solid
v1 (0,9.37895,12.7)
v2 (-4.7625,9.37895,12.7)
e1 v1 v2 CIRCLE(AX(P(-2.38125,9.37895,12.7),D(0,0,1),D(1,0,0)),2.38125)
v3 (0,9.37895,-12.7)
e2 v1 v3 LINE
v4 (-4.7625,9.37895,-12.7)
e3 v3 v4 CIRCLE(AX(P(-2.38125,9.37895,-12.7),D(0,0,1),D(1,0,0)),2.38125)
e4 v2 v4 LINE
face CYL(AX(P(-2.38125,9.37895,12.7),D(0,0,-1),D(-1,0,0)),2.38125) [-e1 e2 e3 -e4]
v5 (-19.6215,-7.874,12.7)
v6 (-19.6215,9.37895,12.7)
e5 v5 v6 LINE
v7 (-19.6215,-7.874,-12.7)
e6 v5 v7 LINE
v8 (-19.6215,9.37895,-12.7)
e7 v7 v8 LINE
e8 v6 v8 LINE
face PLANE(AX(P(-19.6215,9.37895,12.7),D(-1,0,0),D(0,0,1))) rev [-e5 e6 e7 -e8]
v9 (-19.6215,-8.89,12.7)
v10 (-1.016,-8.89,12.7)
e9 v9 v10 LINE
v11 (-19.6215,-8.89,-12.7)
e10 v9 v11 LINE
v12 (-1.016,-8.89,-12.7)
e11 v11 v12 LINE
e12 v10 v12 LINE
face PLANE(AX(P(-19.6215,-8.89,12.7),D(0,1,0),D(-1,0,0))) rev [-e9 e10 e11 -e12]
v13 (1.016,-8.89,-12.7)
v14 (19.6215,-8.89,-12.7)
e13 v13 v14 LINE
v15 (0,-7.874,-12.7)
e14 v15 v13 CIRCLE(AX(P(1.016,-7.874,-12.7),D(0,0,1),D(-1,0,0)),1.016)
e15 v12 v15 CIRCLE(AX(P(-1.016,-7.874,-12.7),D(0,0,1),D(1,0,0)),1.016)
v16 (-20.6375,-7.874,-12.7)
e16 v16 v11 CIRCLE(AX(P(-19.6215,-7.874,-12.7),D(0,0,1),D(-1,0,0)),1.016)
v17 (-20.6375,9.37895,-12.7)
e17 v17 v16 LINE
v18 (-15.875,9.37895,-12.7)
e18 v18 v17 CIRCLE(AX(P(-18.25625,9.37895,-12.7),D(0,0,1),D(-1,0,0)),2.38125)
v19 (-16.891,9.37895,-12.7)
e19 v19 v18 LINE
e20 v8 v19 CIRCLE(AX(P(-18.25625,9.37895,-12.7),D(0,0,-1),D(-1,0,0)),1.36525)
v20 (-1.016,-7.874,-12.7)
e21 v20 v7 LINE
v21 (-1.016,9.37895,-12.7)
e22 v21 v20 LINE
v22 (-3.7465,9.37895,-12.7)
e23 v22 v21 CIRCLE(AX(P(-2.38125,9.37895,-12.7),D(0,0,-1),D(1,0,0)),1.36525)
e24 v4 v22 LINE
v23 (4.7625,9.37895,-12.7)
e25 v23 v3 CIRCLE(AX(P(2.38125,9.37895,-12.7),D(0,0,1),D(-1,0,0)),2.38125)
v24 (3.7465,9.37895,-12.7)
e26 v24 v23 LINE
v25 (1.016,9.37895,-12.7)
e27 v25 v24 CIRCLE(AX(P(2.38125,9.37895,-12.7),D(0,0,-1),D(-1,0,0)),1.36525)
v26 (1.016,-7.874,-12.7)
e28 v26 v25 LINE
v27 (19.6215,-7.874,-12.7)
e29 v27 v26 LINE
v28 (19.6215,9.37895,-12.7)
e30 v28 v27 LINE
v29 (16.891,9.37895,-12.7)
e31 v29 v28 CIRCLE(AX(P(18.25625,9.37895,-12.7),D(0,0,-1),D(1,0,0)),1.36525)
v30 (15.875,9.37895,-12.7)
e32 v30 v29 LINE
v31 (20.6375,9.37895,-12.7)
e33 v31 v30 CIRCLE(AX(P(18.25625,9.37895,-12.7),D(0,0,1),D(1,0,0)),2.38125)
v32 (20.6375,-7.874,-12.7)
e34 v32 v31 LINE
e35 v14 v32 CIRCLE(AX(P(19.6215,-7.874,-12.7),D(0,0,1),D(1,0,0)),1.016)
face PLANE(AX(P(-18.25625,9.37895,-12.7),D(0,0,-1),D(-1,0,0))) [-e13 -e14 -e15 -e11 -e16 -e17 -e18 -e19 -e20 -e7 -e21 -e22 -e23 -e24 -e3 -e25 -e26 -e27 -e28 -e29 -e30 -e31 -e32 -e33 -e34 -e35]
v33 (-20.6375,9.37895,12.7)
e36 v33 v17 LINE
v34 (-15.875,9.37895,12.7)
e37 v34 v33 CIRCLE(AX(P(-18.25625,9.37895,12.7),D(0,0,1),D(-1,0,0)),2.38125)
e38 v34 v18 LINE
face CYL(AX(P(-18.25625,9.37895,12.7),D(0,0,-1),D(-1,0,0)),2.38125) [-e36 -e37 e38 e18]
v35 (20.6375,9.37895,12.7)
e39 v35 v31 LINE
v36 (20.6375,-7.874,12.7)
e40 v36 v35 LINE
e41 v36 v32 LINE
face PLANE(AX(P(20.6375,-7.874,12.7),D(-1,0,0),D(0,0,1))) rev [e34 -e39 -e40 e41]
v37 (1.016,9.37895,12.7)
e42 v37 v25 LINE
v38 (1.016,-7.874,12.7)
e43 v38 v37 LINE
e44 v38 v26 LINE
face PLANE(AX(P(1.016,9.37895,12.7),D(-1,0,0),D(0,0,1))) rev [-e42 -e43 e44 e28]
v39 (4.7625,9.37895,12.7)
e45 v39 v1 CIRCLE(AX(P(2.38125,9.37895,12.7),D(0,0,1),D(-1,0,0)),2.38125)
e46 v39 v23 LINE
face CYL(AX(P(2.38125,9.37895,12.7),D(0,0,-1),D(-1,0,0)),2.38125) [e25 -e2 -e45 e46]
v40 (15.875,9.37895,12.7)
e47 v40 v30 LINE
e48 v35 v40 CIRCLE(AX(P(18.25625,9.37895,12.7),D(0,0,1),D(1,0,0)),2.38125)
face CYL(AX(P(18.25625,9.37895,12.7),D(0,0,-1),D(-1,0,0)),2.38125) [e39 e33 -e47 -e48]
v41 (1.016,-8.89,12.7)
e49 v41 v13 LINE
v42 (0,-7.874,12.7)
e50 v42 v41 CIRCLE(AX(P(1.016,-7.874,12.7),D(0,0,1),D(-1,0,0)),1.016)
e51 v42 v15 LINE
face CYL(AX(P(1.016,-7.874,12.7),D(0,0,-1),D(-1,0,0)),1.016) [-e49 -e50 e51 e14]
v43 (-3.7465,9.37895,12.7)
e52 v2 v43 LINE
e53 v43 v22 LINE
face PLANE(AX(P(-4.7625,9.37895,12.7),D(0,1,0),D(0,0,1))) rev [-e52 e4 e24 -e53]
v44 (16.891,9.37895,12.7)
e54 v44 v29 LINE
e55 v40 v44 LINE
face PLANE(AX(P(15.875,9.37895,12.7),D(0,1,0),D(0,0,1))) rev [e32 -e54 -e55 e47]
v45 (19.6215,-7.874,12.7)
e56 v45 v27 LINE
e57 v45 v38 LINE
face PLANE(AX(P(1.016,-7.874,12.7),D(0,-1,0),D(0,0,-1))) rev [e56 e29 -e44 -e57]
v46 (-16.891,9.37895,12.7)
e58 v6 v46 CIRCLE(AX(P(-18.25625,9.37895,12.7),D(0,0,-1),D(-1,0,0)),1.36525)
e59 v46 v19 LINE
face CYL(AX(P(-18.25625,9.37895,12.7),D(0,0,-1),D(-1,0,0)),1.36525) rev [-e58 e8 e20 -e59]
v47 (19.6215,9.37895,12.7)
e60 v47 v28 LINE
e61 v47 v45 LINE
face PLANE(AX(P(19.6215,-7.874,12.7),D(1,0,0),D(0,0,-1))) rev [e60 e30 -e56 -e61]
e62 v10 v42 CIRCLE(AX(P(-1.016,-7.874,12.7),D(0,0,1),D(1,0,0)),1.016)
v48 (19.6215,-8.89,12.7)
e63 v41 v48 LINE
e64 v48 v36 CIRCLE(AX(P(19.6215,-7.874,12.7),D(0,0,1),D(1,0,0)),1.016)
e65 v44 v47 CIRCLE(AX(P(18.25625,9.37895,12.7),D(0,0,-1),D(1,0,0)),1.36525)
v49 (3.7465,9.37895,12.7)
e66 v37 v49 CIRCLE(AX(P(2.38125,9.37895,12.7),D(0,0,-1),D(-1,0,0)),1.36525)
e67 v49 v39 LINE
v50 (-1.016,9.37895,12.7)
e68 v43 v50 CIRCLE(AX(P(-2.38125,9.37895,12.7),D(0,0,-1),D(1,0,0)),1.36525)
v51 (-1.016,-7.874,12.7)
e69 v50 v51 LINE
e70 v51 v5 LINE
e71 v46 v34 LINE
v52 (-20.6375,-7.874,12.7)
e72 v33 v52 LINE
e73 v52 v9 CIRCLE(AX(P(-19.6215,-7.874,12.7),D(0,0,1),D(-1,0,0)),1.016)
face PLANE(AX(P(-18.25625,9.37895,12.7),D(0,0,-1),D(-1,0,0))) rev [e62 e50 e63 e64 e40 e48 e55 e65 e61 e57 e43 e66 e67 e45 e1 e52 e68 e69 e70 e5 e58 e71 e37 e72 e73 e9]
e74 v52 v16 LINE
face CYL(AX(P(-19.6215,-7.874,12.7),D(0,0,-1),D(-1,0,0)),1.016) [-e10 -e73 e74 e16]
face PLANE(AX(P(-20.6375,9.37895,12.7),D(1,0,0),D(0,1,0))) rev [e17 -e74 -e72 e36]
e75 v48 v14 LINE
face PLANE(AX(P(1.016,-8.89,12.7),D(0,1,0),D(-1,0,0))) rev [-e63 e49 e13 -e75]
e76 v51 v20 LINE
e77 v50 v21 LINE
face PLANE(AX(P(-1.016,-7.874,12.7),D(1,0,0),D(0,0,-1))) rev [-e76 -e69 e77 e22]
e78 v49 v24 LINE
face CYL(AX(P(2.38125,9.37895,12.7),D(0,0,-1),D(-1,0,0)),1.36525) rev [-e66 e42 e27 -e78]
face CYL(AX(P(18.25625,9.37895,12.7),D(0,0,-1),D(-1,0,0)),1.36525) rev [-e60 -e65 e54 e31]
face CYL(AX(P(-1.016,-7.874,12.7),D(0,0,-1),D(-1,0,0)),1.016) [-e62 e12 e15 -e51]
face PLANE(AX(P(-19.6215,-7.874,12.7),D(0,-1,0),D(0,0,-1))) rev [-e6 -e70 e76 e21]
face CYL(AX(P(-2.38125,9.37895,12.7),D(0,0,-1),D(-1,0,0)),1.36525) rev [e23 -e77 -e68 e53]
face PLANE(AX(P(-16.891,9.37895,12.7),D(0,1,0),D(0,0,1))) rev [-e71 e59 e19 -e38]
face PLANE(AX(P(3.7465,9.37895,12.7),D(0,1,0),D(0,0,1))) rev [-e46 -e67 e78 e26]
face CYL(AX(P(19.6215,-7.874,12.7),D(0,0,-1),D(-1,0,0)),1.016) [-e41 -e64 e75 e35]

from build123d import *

# Parameters (mm, degrees)
BASE_EXTRUDE_DEPTH = 12.7
LPATTERN1_COUNT    = 2
LPATTERN1_PITCH    = 20.6375


with BuildPart() as part:
    # Sketch1 → Base-Extrude (new, symmetric)
    with BuildSketch(Plane.XY):
        with BuildLine():
            Line((-20.6375, 9.37895), (-20.6375, -7.874))
            ThreePointArc((-20.6375, -7.874), (-20.33992049, -8.59242049), (-19.6215, -8.89))
            Line((-19.6215, -8.89), (-1.016, -8.89))
            ThreePointArc((-1.016, -8.89), (-0.29757951, -8.59242049), (0, -7.874))
            Line((0, -7.874), (0, 9.37895))
            ThreePointArc((0, 9.37895), (-2.38125, 11.7602), (-4.7625, 9.37895))
            Line((-4.7625, 9.37895), (-3.7465, 9.37895))
            ThreePointArc((-3.7465, 9.37895), (-2.38125, 10.7442), (-1.016, 9.37895))
            Line((-1.016, 9.37895), (-1.016, -7.874))
            Line((-1.016, -7.874), (-19.6215, -7.874))
            Line((-19.6215, -7.874), (-19.6215, 9.37895))
            ThreePointArc((-19.6215, 9.37895), (-18.25625, 10.7442), (-16.891, 9.37895))
            Line((-16.891, 9.37895), (-15.875, 9.37895))
            ThreePointArc((-15.875, 9.37895), (-18.25625, 11.7602), (-20.6375, 9.37895))
        make_face()
    base_extrude = extrude(amount=BASE_EXTRUDE_DEPTH, both=True)

    # LPattern1: Base-Extrude ×2
    with Locations(*[(i * LPATTERN1_PITCH, 0, 0) for i in range(1, LPATTERN1_COUNT)]):
        add(base_extrude)


solid = part.part
